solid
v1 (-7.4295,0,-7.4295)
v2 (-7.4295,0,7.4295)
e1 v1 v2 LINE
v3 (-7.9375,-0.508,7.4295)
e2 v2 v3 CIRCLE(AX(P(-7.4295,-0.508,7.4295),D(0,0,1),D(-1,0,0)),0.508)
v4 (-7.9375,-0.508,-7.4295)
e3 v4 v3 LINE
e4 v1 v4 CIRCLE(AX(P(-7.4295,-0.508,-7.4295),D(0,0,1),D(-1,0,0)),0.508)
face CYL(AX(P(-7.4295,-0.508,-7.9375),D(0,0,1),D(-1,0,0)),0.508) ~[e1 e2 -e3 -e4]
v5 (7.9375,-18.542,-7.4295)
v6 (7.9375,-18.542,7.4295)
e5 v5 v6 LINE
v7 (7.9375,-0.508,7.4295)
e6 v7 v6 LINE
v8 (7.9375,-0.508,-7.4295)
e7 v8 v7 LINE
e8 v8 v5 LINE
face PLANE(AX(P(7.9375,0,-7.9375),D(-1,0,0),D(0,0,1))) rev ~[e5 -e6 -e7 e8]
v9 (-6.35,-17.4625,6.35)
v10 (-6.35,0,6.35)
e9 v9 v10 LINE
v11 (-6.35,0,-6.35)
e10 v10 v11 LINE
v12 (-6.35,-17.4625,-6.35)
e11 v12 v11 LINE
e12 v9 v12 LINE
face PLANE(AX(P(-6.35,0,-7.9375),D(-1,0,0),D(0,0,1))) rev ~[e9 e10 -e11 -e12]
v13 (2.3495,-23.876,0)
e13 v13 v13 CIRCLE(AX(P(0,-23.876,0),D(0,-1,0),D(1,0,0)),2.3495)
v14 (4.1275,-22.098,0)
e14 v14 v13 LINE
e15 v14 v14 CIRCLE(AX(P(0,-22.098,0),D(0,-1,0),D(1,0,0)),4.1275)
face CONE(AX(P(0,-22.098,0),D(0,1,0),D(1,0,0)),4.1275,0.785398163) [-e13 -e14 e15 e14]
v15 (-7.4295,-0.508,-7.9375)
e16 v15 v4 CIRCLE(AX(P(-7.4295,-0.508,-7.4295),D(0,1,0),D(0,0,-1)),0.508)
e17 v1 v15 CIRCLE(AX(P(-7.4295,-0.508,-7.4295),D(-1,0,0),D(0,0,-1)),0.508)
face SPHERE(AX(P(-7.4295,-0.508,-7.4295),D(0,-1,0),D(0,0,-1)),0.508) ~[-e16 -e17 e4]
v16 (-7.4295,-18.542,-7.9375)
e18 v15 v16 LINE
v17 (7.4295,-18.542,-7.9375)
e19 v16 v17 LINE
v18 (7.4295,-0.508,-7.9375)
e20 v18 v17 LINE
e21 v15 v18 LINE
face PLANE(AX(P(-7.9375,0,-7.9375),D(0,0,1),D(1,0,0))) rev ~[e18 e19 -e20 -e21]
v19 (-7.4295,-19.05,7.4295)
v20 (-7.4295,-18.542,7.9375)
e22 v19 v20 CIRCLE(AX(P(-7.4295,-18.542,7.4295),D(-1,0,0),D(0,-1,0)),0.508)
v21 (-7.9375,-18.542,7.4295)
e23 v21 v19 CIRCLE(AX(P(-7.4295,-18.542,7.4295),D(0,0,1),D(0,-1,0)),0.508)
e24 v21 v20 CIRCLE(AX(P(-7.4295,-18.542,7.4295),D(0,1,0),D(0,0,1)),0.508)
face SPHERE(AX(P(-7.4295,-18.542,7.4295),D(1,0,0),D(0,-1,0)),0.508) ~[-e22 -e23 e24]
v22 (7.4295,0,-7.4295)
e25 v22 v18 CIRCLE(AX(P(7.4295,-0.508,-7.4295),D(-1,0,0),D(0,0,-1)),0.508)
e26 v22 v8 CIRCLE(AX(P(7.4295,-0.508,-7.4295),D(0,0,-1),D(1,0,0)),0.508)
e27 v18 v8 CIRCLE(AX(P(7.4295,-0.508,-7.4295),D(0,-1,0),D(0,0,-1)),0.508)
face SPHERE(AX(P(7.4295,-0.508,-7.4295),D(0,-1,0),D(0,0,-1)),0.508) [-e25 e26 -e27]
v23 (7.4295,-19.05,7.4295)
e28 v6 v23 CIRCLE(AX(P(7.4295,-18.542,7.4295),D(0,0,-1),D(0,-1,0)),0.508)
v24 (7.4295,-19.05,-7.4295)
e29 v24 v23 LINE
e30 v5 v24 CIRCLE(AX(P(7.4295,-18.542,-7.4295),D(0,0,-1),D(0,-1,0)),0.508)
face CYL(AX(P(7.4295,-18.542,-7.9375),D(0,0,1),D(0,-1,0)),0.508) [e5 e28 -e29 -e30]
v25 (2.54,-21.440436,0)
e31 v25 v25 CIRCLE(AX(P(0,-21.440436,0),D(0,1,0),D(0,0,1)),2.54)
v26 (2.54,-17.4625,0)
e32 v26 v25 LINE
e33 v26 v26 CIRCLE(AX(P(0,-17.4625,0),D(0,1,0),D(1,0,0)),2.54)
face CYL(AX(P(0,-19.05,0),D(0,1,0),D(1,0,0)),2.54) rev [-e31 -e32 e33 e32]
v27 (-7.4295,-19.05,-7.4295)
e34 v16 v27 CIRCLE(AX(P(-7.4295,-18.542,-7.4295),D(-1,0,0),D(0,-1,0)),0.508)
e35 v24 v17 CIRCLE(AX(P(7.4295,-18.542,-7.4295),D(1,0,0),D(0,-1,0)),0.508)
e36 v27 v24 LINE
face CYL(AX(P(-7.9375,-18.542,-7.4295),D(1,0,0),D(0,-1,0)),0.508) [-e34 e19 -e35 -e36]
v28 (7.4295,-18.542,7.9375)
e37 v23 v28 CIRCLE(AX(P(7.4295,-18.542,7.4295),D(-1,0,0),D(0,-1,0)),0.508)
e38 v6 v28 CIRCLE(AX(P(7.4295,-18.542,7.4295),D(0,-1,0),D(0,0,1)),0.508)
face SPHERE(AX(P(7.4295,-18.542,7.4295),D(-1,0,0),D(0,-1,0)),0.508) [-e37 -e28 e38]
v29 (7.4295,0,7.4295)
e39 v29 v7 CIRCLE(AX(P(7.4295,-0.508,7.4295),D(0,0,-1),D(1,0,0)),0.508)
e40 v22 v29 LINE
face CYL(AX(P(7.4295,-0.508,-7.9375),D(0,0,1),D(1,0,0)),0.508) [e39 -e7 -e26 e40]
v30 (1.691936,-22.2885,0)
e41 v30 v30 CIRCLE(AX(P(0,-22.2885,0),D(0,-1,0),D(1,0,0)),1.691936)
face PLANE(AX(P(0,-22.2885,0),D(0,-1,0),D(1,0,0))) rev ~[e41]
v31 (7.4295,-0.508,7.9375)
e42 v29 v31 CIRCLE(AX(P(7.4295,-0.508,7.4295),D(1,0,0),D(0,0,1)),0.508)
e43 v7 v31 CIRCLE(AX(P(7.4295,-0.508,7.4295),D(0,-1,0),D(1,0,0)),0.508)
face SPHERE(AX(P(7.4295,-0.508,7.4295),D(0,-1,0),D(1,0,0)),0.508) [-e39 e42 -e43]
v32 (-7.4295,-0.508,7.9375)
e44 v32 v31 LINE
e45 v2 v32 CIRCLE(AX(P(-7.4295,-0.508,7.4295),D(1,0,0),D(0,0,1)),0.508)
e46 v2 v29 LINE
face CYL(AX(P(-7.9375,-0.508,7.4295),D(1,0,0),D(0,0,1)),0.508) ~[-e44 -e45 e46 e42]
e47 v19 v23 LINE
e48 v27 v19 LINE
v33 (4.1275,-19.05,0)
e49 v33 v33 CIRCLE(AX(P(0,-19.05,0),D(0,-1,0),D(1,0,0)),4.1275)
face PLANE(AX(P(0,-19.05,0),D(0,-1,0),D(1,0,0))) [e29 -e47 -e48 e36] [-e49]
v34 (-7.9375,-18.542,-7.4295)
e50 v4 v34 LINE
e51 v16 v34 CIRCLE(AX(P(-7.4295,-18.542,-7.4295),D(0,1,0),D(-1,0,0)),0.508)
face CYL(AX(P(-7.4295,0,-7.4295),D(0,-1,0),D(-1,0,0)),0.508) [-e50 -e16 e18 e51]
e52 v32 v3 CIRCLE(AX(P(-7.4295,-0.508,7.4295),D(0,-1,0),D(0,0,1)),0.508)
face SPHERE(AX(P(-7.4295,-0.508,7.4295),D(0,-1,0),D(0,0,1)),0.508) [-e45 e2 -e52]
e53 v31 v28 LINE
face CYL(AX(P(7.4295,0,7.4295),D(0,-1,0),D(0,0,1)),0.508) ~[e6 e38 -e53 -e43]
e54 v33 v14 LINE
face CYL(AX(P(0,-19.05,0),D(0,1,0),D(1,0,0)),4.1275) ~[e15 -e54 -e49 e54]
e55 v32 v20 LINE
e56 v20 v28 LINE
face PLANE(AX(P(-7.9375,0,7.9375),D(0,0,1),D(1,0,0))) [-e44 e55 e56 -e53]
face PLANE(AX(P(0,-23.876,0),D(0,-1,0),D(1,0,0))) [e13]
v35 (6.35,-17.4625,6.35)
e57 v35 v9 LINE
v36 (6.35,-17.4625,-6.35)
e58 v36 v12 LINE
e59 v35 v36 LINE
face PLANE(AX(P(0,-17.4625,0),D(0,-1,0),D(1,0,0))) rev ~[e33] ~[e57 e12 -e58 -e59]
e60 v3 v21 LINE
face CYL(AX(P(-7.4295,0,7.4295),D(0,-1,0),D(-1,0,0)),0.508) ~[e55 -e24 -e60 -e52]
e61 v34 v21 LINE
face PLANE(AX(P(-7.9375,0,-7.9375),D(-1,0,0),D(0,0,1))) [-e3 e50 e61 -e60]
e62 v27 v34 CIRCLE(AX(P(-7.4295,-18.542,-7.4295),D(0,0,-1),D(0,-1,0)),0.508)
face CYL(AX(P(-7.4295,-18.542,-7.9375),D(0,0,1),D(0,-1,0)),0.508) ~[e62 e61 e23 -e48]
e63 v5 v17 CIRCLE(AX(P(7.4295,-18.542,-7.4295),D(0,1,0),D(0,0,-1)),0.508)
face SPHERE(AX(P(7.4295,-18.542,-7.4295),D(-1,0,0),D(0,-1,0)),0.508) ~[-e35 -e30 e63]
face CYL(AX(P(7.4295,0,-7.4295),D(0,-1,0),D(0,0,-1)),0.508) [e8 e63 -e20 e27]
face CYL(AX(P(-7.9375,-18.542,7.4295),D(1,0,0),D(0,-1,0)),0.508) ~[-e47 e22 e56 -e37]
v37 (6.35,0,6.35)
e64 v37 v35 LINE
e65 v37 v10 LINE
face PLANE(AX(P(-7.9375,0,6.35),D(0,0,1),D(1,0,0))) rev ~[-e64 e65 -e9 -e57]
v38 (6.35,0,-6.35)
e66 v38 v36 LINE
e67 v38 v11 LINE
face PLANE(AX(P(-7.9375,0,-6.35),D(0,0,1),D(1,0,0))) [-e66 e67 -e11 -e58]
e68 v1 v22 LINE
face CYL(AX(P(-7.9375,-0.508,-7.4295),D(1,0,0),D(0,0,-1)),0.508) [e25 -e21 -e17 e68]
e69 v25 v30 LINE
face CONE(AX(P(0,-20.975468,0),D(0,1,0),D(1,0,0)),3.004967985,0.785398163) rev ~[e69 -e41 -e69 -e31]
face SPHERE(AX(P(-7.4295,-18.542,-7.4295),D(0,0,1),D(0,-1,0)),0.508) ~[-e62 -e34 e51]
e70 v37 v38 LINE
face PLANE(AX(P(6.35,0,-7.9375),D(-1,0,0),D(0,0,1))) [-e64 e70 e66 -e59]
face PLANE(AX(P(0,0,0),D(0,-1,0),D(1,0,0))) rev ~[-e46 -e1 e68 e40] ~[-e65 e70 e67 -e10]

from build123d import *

# Parameters (mm, degrees)
F0_W     = 15.875
F0_H     = 15.875
F1_DEPTH = 19.05
F2_R     = 4.1275
F3_DEPTH = 4.826
F4_SIZE  = 1.778
F5_T     = -1.5875
F6_R     = 0.508


with BuildPart() as f1:
    # F0 (on Front) → F1 (new body)
    with BuildSketch(Plane.XZ):
        Rectangle(F0_W, F0_H)
    extrude(amount=F1_DEPTH)

    # F2 (on face) → F3 (join)
    with BuildSketch(Plane.XZ.offset(19.05)):
        Circle(F2_R)
    extrude(amount=F3_DEPTH)

    # F4
    f4_edges = [f1.edges().sort_by_distance(p)[0] for p in [
        (-4.1275, -23.876, 0),
    ]]
    chamfer(f4_edges, length=F4_SIZE)

    # F5
    f5_openings = [f1.faces().sort_by_distance(p)[0] for p in [
        (0, 0, 0),
    ]]
    offset(amount=F5_T, openings=f5_openings, kind=Kind.INTERSECTION)

    # F6
    f6_edges = [f1.edges().sort_by_distance(p)[0] for p in [
        (0, -19.05, 7.9375),
        (-7.9375, -19.05, 0),
        (0, -19.05, -7.9375),
        (7.9375, -19.05, 0),
        (-7.9375, -9.525, 7.9375),
        (-7.9375, -9.525, -7.9375),
        (7.9375, -9.525, 7.9375),
        (7.9375, -9.525, -7.9375),
        (0, 0, -7.9375),
        (7.9375, 0, 0),
        (0, 0, 7.9375),
        (-7.9375, 0, 0),
    ]]
    fillet(f6_edges, radius=F6_R)


solid = f1.part
